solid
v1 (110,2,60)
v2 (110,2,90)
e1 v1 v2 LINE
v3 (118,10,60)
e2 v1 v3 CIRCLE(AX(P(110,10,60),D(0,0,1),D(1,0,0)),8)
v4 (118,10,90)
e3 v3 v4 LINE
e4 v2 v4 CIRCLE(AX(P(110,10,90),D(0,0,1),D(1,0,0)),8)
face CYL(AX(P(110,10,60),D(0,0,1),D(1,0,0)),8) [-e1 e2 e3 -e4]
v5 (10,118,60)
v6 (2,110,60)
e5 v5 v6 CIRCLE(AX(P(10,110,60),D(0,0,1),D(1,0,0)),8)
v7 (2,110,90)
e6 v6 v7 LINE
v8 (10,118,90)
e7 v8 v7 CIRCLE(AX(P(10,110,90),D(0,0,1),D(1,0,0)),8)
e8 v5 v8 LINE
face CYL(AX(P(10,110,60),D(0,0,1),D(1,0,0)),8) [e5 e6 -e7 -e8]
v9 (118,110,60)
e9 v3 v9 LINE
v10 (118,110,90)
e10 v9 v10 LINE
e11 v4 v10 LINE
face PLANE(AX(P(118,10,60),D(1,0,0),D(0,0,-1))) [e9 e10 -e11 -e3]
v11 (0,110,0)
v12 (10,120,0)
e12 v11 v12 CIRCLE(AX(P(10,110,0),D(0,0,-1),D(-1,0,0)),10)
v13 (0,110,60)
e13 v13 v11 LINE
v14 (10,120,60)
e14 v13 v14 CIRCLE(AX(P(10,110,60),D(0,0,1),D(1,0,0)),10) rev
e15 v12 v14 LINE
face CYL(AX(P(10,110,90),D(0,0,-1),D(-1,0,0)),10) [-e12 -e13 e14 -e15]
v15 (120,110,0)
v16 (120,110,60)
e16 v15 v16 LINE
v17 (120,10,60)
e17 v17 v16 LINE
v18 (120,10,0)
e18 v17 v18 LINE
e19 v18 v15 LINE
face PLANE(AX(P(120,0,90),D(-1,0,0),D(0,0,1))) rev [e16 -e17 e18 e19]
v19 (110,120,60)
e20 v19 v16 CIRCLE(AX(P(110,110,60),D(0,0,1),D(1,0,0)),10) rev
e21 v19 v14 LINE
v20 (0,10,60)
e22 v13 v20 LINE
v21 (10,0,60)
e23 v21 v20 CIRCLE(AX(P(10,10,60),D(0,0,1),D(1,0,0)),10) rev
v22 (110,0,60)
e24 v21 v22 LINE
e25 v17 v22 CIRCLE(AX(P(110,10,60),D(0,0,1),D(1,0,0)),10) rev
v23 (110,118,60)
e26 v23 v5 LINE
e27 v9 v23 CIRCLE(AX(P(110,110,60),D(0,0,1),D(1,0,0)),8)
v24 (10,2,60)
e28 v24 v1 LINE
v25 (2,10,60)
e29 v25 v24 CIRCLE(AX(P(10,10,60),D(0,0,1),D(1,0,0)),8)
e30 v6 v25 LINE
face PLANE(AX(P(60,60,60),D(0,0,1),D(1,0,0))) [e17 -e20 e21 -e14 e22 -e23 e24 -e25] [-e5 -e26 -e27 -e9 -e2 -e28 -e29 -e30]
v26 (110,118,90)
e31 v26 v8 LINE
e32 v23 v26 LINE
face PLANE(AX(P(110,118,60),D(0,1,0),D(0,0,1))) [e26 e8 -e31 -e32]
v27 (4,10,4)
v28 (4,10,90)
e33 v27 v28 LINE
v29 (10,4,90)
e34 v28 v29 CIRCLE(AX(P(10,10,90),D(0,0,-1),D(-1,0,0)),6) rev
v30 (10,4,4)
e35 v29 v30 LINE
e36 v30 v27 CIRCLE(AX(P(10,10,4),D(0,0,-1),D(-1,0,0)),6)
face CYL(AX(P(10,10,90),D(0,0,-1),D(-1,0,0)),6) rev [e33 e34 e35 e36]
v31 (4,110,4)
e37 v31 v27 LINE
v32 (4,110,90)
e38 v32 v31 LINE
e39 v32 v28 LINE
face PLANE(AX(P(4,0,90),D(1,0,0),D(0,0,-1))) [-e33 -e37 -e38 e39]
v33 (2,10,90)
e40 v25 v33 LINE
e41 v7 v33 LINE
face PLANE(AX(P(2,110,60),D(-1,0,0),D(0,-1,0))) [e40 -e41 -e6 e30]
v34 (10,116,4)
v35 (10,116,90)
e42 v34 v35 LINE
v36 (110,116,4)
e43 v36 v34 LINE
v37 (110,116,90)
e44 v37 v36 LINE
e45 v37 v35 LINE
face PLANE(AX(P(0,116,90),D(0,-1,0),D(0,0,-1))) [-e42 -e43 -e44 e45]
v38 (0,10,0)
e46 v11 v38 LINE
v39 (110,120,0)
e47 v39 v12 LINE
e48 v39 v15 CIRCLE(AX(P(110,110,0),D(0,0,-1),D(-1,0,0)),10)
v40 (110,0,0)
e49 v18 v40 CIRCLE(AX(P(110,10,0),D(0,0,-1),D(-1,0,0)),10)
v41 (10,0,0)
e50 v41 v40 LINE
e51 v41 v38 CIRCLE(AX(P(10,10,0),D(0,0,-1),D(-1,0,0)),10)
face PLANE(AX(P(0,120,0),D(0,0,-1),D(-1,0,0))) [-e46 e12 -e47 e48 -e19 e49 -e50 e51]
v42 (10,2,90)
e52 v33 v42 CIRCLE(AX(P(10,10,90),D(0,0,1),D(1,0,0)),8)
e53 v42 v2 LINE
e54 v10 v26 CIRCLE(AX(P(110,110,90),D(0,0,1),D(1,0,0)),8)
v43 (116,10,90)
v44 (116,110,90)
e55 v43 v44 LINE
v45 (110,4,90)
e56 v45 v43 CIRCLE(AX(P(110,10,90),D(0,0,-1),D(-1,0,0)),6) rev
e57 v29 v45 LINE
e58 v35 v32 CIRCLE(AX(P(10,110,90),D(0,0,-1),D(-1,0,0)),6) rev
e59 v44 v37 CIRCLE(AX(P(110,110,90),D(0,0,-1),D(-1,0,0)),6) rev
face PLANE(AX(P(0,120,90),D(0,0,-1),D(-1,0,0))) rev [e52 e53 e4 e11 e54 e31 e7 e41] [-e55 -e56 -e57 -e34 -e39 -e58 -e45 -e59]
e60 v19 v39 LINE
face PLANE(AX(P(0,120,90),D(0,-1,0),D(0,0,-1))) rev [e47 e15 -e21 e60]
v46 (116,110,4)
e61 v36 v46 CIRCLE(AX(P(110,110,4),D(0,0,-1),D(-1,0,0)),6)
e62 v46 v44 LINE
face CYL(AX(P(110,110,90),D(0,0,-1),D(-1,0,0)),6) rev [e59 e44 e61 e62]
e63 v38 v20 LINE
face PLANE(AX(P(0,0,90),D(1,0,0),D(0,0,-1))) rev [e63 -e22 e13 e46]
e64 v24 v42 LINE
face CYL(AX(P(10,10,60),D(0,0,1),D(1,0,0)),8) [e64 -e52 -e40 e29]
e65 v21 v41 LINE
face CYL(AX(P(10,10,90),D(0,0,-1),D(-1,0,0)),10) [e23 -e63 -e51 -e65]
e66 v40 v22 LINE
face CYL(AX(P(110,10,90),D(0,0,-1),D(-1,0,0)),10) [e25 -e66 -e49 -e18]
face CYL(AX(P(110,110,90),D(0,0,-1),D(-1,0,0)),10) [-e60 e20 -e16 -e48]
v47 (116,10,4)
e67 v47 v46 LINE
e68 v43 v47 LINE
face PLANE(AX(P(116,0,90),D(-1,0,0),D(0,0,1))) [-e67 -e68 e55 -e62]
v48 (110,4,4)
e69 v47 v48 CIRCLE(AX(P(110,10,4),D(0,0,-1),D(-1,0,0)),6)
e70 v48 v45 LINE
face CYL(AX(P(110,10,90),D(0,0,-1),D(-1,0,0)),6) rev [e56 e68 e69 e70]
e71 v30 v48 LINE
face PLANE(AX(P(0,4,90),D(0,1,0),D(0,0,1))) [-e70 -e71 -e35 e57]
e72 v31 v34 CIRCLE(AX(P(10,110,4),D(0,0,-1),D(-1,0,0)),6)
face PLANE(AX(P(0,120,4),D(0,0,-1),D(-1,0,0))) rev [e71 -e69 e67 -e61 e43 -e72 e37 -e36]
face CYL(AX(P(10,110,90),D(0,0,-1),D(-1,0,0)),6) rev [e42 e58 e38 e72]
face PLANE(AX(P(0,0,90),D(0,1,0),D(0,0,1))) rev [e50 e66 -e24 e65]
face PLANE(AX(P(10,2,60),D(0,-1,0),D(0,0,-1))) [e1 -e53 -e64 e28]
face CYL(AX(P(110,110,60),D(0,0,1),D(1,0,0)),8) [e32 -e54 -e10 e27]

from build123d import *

# Parameters (mm, degrees)
SKICA1_W                 = 120
SKICA1_H                 = 120
VYSUNOUT1_DEPTH          = 90
ZAOBLIT1_R               = 10
ZAOBLIT2_R               = 10
ZAOBLIT3_R               = 10
ZAOBLIT4_R               = 10
SKO_EPINA4_T             = -4
SKICA2_OUTSIDE_W         = 160.418
SKICA2_OUTSIDE_H         = 160.418
ODEBRAT_VYSUNUT_M1_DEPTH = 30


with BuildPart() as part:
    # Skica1 → Vysunout1 (new body)
    with BuildSketch(Plane.XY):
        with Locations((60, 60)):
            Rectangle(SKICA1_W, SKICA1_H)
    extrude(amount=VYSUNOUT1_DEPTH)

    # Zaoblit1
    zaoblit1_edges = [part.edges().sort_by_distance(p)[0] for p in [
        (120, 120, 45),
    ]]
    fillet(zaoblit1_edges, radius=ZAOBLIT1_R)

    # Zaoblit2
    zaoblit2_edges = [part.edges().sort_by_distance(p)[0] for p in [
        (0, 120, 45),
    ]]
    fillet(zaoblit2_edges, radius=ZAOBLIT2_R)

    # Zaoblit3
    zaoblit3_edges = [part.edges().sort_by_distance(p)[0] for p in [
        (0, 0, 45),
    ]]
    fillet(zaoblit3_edges, radius=ZAOBLIT3_R)

    # Zaoblit4
    zaoblit4_edges = [part.edges().sort_by_distance(p)[0] for p in [
        (120, 0, 45),
    ]]
    fillet(zaoblit4_edges, radius=ZAOBLIT4_R)

    # Skořepina4
    sko_epina4_openings = [part.faces().sort_by_distance(p)[0] for p in [
        (60, 60, 90),
    ]]
    offset(amount=SKO_EPINA4_T, openings=sko_epina4_openings, kind=Kind.INTERSECTION)

    # Skica2 outside → Odebrat vysunutím1 (cut)
    with BuildSketch(Plane.XY.offset(90)):
        with Locations((60, 60)):
            Rectangle(SKICA2_OUTSIDE_W, SKICA2_OUTSIDE_H)
        with BuildLine():
            Line((10, 2), (110, 2))
            ThreePointArc((110, 2), (115.656854249, 4.343145751), (118, 10))
            Line((118, 10), (118, 110))
            ThreePointArc((118, 110), (115.656854249, 115.656854249), (110, 118))
            Line((110, 118), (10, 118))
            ThreePointArc((10, 118), (4.343145751, 115.656854249), (2, 110))
            Line((2, 110), (2, 10))
            ThreePointArc((2, 10), (4.343145751, 4.343145751), (10, 2))
        make_face(mode=Mode.SUBTRACT)
    extrude(amount=-ODEBRAT_VYSUNUT_M1_DEPTH, mode=Mode.SUBTRACT)


solid = part.part
